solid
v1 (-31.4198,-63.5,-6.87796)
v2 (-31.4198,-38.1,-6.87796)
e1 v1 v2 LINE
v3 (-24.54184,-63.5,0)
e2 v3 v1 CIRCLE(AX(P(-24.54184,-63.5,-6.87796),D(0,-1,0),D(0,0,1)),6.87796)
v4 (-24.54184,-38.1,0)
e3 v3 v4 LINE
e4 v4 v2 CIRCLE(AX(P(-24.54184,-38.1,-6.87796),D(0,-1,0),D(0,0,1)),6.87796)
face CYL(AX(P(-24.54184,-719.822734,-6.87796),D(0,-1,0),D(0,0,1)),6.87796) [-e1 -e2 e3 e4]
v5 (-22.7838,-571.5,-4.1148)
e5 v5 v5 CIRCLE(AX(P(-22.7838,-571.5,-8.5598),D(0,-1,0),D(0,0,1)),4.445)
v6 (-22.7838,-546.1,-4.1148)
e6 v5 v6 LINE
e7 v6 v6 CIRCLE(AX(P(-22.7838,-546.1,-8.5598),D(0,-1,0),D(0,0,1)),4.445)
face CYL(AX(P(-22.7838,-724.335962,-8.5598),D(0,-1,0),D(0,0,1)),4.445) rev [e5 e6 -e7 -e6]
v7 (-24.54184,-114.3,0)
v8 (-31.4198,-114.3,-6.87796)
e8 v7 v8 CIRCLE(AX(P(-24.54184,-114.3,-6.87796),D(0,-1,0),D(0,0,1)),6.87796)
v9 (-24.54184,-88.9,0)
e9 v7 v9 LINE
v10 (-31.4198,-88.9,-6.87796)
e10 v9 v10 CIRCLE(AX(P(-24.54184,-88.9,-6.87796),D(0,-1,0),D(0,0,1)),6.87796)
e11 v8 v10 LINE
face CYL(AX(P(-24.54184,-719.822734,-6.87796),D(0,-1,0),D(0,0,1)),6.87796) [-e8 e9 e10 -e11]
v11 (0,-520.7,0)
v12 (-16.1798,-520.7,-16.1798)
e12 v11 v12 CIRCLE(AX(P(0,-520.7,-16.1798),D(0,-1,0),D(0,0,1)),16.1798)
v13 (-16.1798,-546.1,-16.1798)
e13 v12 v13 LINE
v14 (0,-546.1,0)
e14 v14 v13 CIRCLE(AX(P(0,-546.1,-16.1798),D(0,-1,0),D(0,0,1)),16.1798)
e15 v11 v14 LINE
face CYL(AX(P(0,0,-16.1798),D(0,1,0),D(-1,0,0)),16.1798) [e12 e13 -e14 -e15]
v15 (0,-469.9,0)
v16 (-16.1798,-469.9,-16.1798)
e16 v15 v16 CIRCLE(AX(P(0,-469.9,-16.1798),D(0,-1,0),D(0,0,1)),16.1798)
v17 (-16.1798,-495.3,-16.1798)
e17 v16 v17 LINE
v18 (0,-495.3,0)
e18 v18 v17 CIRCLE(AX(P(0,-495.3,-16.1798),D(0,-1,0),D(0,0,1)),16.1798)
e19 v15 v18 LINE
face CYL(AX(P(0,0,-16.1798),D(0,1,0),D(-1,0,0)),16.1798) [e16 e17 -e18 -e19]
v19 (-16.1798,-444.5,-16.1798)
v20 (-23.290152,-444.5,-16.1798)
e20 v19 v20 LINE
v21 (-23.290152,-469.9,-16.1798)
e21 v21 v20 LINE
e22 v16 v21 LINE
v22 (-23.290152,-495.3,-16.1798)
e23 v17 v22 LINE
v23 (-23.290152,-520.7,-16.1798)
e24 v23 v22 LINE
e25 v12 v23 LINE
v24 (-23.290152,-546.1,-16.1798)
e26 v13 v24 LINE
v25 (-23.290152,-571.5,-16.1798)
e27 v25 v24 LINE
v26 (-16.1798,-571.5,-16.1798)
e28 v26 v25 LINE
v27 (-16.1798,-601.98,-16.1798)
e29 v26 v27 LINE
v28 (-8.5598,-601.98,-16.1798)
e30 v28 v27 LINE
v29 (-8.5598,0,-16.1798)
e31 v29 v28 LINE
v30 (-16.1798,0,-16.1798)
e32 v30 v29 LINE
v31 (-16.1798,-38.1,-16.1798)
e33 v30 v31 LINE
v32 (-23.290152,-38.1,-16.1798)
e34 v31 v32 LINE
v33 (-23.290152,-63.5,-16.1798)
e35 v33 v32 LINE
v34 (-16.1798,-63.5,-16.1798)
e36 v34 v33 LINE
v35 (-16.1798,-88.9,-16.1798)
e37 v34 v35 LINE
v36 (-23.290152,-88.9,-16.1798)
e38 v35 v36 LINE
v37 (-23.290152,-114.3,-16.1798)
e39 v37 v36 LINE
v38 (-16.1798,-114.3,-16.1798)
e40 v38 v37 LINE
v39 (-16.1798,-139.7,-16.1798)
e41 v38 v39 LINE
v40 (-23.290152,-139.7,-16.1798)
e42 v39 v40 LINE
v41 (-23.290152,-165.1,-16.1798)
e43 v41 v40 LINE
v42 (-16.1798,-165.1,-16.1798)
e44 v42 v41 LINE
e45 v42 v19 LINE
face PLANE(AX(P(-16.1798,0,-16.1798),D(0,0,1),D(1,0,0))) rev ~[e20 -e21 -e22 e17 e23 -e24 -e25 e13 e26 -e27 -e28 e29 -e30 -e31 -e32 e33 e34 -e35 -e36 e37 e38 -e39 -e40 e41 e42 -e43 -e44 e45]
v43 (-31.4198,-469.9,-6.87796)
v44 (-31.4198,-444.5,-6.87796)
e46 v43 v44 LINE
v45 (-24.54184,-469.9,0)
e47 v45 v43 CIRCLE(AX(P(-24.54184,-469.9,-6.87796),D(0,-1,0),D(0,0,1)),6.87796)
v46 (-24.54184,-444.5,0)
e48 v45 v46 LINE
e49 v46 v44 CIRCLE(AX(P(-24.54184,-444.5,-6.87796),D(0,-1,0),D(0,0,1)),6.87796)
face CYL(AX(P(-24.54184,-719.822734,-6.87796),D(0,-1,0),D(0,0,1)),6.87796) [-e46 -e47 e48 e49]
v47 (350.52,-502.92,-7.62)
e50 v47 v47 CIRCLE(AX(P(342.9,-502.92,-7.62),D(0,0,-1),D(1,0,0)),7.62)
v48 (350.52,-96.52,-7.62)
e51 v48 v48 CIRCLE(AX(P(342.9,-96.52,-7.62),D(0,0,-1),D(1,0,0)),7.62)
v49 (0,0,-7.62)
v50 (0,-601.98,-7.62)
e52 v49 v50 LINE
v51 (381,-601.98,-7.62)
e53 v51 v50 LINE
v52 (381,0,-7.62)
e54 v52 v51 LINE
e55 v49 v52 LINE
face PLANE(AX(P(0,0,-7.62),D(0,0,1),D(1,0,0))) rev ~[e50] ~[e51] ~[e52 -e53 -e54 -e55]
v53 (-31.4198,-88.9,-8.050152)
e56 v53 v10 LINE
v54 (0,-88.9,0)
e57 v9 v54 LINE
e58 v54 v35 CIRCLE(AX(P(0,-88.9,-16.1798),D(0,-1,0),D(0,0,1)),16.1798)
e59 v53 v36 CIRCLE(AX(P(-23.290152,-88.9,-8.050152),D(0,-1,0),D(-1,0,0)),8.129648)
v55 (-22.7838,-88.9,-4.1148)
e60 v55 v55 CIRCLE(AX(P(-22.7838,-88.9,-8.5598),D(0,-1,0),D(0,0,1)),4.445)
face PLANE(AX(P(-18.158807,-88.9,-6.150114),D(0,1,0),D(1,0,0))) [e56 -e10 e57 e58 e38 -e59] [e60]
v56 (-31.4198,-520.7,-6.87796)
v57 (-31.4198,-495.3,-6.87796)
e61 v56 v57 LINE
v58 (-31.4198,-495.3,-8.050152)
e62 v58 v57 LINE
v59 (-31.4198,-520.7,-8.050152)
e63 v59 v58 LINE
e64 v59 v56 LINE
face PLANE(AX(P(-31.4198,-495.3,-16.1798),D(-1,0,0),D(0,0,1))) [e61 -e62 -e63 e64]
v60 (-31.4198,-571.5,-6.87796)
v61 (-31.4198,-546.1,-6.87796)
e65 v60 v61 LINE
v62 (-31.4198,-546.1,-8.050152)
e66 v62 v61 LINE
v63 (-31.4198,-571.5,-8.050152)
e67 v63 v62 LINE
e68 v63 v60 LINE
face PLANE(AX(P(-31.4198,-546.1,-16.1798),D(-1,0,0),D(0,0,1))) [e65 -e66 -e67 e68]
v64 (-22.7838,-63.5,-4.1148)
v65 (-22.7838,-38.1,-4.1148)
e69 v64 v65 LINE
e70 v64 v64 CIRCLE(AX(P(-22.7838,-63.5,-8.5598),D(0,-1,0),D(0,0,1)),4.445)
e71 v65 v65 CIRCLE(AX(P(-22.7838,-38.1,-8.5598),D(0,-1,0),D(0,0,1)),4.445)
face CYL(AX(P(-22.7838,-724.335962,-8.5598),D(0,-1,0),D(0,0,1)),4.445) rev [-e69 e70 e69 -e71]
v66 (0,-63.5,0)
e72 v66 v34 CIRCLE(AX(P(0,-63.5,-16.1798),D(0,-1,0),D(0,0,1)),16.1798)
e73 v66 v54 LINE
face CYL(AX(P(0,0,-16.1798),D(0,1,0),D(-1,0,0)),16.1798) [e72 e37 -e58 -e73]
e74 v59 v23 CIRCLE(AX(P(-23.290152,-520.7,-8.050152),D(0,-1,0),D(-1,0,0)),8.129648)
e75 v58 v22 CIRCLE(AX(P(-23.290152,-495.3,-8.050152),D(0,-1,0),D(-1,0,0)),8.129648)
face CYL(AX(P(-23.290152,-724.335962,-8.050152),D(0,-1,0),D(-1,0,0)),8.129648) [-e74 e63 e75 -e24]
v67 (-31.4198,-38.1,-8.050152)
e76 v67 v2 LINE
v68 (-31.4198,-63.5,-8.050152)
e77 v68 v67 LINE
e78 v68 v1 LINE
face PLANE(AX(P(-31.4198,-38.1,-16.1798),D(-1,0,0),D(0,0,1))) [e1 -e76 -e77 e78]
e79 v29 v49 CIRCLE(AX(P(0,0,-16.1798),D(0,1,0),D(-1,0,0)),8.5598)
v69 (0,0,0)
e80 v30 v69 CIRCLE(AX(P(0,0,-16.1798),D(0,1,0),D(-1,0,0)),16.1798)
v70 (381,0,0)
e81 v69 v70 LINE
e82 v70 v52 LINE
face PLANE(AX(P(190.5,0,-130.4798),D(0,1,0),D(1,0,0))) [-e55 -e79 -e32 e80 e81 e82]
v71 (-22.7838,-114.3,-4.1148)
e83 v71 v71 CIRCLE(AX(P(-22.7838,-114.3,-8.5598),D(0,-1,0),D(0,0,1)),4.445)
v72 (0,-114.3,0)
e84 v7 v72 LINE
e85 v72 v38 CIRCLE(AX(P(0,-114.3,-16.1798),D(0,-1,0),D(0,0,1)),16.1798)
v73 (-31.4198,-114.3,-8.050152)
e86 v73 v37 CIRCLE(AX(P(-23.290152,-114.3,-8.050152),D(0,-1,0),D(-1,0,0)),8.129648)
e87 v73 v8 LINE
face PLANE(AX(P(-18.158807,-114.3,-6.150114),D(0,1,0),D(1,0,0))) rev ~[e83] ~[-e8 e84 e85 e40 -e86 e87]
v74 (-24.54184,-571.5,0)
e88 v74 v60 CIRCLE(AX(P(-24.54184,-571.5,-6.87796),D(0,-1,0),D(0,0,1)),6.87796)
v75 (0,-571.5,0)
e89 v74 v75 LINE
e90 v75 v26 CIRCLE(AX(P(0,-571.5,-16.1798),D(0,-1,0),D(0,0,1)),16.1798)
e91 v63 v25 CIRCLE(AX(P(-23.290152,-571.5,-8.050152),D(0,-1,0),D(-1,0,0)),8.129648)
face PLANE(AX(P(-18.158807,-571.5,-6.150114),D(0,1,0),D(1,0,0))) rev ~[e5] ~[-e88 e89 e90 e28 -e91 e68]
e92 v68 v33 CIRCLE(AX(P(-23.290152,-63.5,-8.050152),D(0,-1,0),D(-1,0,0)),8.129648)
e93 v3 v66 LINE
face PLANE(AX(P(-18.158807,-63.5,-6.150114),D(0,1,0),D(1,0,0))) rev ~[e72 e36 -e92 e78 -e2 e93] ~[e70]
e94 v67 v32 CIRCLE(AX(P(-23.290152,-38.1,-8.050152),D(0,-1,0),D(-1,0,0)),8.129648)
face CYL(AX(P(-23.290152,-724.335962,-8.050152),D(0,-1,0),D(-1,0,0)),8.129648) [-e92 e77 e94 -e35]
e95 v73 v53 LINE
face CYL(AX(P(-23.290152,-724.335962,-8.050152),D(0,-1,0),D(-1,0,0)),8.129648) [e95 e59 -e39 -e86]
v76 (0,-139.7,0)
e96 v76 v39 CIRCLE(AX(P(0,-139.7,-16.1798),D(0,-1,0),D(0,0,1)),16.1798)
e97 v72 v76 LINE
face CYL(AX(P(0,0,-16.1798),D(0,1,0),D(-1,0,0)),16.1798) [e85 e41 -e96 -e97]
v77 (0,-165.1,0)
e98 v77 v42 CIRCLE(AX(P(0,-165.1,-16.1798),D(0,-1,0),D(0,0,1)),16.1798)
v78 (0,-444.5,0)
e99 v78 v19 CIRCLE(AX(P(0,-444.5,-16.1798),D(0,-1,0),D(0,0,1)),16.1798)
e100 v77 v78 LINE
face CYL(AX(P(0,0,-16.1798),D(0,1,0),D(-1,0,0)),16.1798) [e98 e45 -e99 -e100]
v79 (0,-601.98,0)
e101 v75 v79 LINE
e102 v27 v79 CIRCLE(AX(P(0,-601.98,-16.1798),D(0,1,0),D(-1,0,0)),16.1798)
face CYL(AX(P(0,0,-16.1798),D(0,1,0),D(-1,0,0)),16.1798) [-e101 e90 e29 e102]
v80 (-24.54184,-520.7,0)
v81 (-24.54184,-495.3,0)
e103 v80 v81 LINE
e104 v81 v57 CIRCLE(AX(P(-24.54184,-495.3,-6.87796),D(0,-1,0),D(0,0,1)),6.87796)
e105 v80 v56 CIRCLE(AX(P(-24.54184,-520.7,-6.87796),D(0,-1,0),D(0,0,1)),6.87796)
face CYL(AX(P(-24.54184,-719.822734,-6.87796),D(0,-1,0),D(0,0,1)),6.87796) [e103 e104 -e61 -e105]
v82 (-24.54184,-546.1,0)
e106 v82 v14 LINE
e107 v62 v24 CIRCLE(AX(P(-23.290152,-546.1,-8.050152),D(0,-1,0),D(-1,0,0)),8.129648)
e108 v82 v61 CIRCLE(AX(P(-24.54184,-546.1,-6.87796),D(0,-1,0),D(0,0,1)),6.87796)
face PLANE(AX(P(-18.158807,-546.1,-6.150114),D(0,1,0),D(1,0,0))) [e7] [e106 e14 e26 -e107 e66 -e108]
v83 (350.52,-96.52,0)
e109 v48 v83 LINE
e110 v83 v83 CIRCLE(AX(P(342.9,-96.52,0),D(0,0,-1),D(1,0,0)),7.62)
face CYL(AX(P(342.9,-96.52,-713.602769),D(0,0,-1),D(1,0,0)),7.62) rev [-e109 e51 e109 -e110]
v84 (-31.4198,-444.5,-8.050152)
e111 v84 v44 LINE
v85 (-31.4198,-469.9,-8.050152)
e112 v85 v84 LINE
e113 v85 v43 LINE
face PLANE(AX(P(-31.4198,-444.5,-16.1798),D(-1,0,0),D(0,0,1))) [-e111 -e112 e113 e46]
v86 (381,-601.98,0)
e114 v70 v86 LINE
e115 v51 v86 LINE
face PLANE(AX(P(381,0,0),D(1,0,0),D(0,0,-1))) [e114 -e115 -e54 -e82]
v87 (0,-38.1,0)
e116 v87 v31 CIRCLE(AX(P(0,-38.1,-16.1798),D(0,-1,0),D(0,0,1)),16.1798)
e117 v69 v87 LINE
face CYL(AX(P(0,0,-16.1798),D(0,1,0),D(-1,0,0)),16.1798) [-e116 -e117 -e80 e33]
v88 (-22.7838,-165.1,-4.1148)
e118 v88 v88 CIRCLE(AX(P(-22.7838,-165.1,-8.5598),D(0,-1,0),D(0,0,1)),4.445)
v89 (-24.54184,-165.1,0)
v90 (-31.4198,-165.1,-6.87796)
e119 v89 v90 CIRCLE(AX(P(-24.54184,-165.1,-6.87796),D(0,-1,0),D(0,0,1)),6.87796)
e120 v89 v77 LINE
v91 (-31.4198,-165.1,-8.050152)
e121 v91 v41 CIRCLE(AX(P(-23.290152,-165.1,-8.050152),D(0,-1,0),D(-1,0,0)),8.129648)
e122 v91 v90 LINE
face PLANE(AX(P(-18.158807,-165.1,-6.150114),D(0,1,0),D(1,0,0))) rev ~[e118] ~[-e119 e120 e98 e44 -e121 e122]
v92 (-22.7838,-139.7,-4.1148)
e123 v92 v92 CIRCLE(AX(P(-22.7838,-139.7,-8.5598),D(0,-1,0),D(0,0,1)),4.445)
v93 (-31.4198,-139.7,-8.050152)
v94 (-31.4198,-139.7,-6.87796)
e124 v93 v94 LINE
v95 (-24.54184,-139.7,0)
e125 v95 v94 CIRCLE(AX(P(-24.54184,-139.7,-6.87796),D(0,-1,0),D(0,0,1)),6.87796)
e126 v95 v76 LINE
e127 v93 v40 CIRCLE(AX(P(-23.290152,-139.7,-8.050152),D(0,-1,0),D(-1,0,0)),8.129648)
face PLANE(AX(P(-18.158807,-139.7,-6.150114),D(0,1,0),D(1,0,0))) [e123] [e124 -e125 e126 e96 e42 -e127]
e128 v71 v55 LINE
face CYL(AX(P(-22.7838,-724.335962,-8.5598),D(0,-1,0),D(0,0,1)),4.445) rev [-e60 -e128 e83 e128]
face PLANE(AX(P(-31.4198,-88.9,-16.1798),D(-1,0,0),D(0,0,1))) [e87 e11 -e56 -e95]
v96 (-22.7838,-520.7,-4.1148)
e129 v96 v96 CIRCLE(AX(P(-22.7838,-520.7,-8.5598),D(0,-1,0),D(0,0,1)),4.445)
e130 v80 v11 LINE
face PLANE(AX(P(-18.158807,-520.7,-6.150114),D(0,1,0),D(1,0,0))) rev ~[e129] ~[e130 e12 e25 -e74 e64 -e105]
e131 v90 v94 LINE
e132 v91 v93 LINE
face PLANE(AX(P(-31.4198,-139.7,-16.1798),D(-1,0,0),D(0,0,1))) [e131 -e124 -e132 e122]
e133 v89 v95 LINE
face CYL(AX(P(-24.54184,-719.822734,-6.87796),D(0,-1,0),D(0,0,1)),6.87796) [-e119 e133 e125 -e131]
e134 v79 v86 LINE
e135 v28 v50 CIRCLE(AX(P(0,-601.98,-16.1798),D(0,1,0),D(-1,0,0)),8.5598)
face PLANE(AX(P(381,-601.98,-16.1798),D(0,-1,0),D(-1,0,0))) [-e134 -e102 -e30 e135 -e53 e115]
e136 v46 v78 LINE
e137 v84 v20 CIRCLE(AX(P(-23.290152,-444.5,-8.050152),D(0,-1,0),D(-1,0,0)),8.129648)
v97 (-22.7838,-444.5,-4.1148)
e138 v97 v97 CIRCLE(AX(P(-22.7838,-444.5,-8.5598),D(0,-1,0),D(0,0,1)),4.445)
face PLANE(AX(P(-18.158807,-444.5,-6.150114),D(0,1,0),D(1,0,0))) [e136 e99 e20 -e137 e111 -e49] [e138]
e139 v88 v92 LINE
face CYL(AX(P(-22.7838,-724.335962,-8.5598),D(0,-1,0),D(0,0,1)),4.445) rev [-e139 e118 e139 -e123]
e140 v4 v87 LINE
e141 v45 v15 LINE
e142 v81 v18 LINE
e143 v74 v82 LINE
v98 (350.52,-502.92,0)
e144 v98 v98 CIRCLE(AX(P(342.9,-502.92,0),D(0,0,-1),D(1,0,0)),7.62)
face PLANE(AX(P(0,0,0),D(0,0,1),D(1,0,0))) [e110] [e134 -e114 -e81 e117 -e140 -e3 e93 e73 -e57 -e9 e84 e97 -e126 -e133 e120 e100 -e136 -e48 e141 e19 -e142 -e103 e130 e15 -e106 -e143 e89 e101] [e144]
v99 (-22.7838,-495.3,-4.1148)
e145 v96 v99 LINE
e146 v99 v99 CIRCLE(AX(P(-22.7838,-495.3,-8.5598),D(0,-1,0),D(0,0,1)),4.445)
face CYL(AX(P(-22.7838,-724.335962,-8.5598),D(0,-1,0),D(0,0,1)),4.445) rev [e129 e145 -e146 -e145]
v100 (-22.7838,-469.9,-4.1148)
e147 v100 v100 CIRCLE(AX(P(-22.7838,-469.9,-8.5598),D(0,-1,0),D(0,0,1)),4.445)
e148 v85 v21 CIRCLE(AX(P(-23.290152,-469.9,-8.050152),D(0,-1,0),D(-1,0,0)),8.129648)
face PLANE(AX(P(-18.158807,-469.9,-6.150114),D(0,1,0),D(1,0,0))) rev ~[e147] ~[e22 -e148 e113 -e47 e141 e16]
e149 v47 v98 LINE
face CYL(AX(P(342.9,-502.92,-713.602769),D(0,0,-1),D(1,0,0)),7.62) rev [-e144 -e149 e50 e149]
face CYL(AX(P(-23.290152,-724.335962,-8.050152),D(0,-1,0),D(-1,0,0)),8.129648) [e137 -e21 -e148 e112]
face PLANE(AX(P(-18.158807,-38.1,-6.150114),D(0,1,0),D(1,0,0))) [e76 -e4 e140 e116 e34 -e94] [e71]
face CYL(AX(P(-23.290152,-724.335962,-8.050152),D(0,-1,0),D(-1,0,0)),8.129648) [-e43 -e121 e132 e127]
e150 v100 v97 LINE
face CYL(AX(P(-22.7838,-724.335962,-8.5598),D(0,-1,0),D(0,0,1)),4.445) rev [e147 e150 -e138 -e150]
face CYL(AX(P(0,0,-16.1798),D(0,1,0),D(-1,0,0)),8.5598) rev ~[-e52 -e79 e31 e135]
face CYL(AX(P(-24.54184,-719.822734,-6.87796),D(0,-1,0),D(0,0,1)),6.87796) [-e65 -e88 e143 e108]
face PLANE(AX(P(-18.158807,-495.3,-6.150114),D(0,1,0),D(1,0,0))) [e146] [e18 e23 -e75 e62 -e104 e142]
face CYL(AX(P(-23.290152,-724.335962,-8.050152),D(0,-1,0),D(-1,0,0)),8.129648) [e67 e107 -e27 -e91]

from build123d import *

# Parameters (mm, degrees)
BOSS_EXTRUDE1_DEPTH     = 609.6
SHELL1_T                = -7.62
SKETCH3_W               = 28.861952205
SKETCH3_H               = 274.814581436
CUT_EXTRUDE2_DEPTH      = 609.6
SKETCH4_W               = 397.1798
SKETCH4_H               = 244.7798
CUT_EXTRUDE3_DEPTH      = 609.6
SKETCH5_W               = 397.1798
SKETCH5_H               = 7.62
CUT_EXTRUDE4_DEPTH      = 609.6
BOSS_EXTRUDE4_START     = 25.4
BOSS_EXTRUDE4_DEPTH     = 25.4
LPATTERN2_COUNT         = 3
LPATTERN2_PITCH         = 50.8
LPATTERN3_COUNT         = 2
LPATTERN3_PITCH         = 508
LPATTERN6_COUNT         = 2
LPATTERN6_PITCH         = 457.2
LPATTERN7_COUNT         = 2
LPATTERN7_PITCH         = 406.4
CUT_EXTRUDE5_DEPTH      = 660.835961681
CUT_EXTRUDE5_DEPTH_BACK = 660.835961681
SKETCH11_R              = 4.445
CUT_EXTRUDE6_DEPTH      = 660.835961681
CUT_EXTRUDE6_DEPTH_BACK = 660.835961681
CUT_EXTRUDE7_DEPTH      = 681.722733812
CUT_EXTRUDE7_DEPTH_BACK = 681.722733812
CUT_EXTRUDE8_DEPTH      = 713.602768959
CUT_EXTRUDE8_DEPTH_BACK = 713.602768959
SKETCH16_R              = 7.62


with BuildPart() as part:
    # Sketch1 → Boss-Extrude1 (new body)
    with BuildSketch(Plane(origin=(0, 0, 0), x_dir=(1, 0, 0), z_dir=(0, 1, 0))):
        with BuildLine():
            Line((0, 0), (381, 0))
            ThreePointArc((381, 0), (392.440846298, 4.738953702), (397.1798, 16.1798))
            Line((397.1798, 16.1798), (397.1798, 244.7798))
            ThreePointArc((397.1798, 244.7798), (392.440846298, 256.220646298), (381, 260.9596))
            Line((381, 260.9596), (0, 260.9596))
            ThreePointArc((0, 260.9596), (-11.440846298, 256.220646298), (-16.1798, 244.7798))
            Line((-16.1798, 244.7798), (-16.1798, 16.1798))
            ThreePointArc((-16.1798, 16.1798), (-11.440846298, 4.738953702), (0, 0))
        make_face()
    extrude(amount=-BOSS_EXTRUDE1_DEPTH)

    # Shell1
    shell1_openings = [part.faces().sort_by_distance(p)[0] for p in [
        (190.5, 0, -130.4798),
    ]]
    offset(amount=SHELL1_T, openings=shell1_openings, kind=Kind.INTERSECTION)

    # Sketch3 → Cut-Extrude2 (cut)
    with BuildSketch(Plane(origin=(0, 0, 0), x_dir=(1, 0, 0), z_dir=(0, 1, 0))):
        with Locations((395.430976103, 137.407290718)):
            Rectangle(SKETCH3_W, SKETCH3_H)
    extrude(amount=-CUT_EXTRUDE2_DEPTH, mode=Mode.SUBTRACT)

    # Sketch4 → Cut-Extrude3 (cut)
    with BuildSketch(Plane(origin=(0, 0, 0), x_dir=(1, 0, 0), z_dir=(0, 1, 0))):
        with Locations((182.4101, 138.5697)):
            Rectangle(SKETCH4_W, SKETCH4_H)
    extrude(amount=-CUT_EXTRUDE3_DEPTH, mode=Mode.SUBTRACT)

    # Sketch5 → Cut-Extrude4 (cut)
    with BuildSketch(Plane(origin=(0, 0, -16.1798), x_dir=(-1, 0, 0), z_dir=(0, 0, -1))):
        with Locations((-182.4101, -605.79)):
            Rectangle(SKETCH5_W, SKETCH5_H)
    extrude(amount=-CUT_EXTRUDE4_DEPTH, mode=Mode.SUBTRACT)

    # Sketch8 → Boss-Extrude4 (add)
    with BuildSketch(Plane(origin=(0, -63.5, 0), x_dir=(1, 0, 0), z_dir=(0, 1, 0)).offset(BOSS_EXTRUDE4_START)):
        with BuildLine():
            Line((-16.1798, 16.1798), (-31.4198, 16.1798))
            Line((-31.4198, 16.1798), (-31.4198, 3.2512))
            ThreePointArc((-31.4198, 3.2512), (-30.467545567, 0.952254433), (-28.1686, 0))
            Line((-28.1686, 0), (0, 0))
            ThreePointArc((0, 0), (-11.440846298, 4.738953702), (-16.1798, 16.1798))
        make_face()
    boss_extrude4 = extrude(amount=-BOSS_EXTRUDE4_DEPTH)

    # LPattern2: Boss-Extrude4 ×3
    with Locations(*[(0, -i * LPATTERN2_PITCH, 0) for i in range(1, LPATTERN2_COUNT)]):
        add(boss_extrude4)

    # LPattern3: Boss-Extrude4 ×2
    with Locations(*[(0, -i * LPATTERN3_PITCH, 0) for i in range(1, LPATTERN3_COUNT)]):
        add(boss_extrude4)

    # LPattern6: Boss-Extrude4 ×2
    with Locations(*[(0, -i * LPATTERN6_PITCH, 0) for i in range(1, LPATTERN6_COUNT)]):
        add(boss_extrude4)

    # LPattern7: Boss-Extrude4 ×2
    with Locations(*[(0, -i * LPATTERN7_PITCH, 0) for i in range(1, LPATTERN7_COUNT)]):
        add(boss_extrude4)

    # Sketch11 → Cut-Extrude5 (cut, two sides: drawn at the far end of the back side and taken through both)
    with BuildSketch(Plane(origin=(0, -63.5, 0), x_dir=(1, 0, 0), z_dir=(0, 1, 0)).offset(-CUT_EXTRUDE5_DEPTH_BACK)):
        with Locations(Location((-22.7838, 8.5598, 0), (0, 0, 270))):
            Circle(SKETCH11_R)
    extrude(amount=CUT_EXTRUDE5_DEPTH + CUT_EXTRUDE5_DEPTH_BACK, mode=Mode.SUBTRACT)

    # Sketch14 → Cut-Extrude6 (cut, two sides: drawn at the far end of the back side and taken through both)
    with BuildSketch(Plane(origin=(0, -63.5, 0), x_dir=(1, 0, 0), z_dir=(0, 1, 0)).offset(-CUT_EXTRUDE6_DEPTH_BACK)):
        with BuildLine():
            Line((-23.2901518, 16.1798), (-23.2901518, 22.367061587))
            Line((-23.2901518, 22.367061587), (-43.448334217, 22.367061587))
            Line((-43.448334217, 22.367061587), (-43.448334217, 8.0501518))
            Line((-43.448334217, 8.0501518), (-31.4198, 8.0501518))
            ThreePointArc((-31.4198, 8.0501518), (-29.038681171, 13.798681171), (-23.2901518, 16.1798))
        make_face()
    extrude(amount=CUT_EXTRUDE6_DEPTH + CUT_EXTRUDE6_DEPTH_BACK, mode=Mode.SUBTRACT)

    # Sketch15 → Cut-Extrude7 (cut, two sides: drawn at the far end of the back side and taken through both)
    with BuildSketch(Plane(origin=(0, -38.1, 0), x_dir=(1, 0, 0), z_dir=(0, 1, 0)).offset(-CUT_EXTRUDE7_DEPTH_BACK)):
        with BuildLine():
            Line((-31.4198, 6.877959665), (-31.4198, 0))
            Line((-31.4198, 0), (-24.541840335, 0))
            ThreePointArc((-24.541840335, 0), (-29.405292255, 2.014507745), (-31.4198, 6.877959665))
        make_face()
    extrude(amount=CUT_EXTRUDE7_DEPTH + CUT_EXTRUDE7_DEPTH_BACK, mode=Mode.SUBTRACT)

    # Sketch16 → Cut-Extrude8 (cut, two sides: drawn at the far end of the back side and taken through both)
    with BuildSketch(Plane.XY.offset(-CUT_EXTRUDE8_DEPTH_BACK)):
        with Locations((342.9, -96.52)):
            Circle(SKETCH16_R)
        with Locations((342.9, -502.92)):
            Circle(SKETCH16_R)
    extrude(amount=CUT_EXTRUDE8_DEPTH + CUT_EXTRUDE8_DEPTH_BACK, mode=Mode.SUBTRACT)


solid = part.part
